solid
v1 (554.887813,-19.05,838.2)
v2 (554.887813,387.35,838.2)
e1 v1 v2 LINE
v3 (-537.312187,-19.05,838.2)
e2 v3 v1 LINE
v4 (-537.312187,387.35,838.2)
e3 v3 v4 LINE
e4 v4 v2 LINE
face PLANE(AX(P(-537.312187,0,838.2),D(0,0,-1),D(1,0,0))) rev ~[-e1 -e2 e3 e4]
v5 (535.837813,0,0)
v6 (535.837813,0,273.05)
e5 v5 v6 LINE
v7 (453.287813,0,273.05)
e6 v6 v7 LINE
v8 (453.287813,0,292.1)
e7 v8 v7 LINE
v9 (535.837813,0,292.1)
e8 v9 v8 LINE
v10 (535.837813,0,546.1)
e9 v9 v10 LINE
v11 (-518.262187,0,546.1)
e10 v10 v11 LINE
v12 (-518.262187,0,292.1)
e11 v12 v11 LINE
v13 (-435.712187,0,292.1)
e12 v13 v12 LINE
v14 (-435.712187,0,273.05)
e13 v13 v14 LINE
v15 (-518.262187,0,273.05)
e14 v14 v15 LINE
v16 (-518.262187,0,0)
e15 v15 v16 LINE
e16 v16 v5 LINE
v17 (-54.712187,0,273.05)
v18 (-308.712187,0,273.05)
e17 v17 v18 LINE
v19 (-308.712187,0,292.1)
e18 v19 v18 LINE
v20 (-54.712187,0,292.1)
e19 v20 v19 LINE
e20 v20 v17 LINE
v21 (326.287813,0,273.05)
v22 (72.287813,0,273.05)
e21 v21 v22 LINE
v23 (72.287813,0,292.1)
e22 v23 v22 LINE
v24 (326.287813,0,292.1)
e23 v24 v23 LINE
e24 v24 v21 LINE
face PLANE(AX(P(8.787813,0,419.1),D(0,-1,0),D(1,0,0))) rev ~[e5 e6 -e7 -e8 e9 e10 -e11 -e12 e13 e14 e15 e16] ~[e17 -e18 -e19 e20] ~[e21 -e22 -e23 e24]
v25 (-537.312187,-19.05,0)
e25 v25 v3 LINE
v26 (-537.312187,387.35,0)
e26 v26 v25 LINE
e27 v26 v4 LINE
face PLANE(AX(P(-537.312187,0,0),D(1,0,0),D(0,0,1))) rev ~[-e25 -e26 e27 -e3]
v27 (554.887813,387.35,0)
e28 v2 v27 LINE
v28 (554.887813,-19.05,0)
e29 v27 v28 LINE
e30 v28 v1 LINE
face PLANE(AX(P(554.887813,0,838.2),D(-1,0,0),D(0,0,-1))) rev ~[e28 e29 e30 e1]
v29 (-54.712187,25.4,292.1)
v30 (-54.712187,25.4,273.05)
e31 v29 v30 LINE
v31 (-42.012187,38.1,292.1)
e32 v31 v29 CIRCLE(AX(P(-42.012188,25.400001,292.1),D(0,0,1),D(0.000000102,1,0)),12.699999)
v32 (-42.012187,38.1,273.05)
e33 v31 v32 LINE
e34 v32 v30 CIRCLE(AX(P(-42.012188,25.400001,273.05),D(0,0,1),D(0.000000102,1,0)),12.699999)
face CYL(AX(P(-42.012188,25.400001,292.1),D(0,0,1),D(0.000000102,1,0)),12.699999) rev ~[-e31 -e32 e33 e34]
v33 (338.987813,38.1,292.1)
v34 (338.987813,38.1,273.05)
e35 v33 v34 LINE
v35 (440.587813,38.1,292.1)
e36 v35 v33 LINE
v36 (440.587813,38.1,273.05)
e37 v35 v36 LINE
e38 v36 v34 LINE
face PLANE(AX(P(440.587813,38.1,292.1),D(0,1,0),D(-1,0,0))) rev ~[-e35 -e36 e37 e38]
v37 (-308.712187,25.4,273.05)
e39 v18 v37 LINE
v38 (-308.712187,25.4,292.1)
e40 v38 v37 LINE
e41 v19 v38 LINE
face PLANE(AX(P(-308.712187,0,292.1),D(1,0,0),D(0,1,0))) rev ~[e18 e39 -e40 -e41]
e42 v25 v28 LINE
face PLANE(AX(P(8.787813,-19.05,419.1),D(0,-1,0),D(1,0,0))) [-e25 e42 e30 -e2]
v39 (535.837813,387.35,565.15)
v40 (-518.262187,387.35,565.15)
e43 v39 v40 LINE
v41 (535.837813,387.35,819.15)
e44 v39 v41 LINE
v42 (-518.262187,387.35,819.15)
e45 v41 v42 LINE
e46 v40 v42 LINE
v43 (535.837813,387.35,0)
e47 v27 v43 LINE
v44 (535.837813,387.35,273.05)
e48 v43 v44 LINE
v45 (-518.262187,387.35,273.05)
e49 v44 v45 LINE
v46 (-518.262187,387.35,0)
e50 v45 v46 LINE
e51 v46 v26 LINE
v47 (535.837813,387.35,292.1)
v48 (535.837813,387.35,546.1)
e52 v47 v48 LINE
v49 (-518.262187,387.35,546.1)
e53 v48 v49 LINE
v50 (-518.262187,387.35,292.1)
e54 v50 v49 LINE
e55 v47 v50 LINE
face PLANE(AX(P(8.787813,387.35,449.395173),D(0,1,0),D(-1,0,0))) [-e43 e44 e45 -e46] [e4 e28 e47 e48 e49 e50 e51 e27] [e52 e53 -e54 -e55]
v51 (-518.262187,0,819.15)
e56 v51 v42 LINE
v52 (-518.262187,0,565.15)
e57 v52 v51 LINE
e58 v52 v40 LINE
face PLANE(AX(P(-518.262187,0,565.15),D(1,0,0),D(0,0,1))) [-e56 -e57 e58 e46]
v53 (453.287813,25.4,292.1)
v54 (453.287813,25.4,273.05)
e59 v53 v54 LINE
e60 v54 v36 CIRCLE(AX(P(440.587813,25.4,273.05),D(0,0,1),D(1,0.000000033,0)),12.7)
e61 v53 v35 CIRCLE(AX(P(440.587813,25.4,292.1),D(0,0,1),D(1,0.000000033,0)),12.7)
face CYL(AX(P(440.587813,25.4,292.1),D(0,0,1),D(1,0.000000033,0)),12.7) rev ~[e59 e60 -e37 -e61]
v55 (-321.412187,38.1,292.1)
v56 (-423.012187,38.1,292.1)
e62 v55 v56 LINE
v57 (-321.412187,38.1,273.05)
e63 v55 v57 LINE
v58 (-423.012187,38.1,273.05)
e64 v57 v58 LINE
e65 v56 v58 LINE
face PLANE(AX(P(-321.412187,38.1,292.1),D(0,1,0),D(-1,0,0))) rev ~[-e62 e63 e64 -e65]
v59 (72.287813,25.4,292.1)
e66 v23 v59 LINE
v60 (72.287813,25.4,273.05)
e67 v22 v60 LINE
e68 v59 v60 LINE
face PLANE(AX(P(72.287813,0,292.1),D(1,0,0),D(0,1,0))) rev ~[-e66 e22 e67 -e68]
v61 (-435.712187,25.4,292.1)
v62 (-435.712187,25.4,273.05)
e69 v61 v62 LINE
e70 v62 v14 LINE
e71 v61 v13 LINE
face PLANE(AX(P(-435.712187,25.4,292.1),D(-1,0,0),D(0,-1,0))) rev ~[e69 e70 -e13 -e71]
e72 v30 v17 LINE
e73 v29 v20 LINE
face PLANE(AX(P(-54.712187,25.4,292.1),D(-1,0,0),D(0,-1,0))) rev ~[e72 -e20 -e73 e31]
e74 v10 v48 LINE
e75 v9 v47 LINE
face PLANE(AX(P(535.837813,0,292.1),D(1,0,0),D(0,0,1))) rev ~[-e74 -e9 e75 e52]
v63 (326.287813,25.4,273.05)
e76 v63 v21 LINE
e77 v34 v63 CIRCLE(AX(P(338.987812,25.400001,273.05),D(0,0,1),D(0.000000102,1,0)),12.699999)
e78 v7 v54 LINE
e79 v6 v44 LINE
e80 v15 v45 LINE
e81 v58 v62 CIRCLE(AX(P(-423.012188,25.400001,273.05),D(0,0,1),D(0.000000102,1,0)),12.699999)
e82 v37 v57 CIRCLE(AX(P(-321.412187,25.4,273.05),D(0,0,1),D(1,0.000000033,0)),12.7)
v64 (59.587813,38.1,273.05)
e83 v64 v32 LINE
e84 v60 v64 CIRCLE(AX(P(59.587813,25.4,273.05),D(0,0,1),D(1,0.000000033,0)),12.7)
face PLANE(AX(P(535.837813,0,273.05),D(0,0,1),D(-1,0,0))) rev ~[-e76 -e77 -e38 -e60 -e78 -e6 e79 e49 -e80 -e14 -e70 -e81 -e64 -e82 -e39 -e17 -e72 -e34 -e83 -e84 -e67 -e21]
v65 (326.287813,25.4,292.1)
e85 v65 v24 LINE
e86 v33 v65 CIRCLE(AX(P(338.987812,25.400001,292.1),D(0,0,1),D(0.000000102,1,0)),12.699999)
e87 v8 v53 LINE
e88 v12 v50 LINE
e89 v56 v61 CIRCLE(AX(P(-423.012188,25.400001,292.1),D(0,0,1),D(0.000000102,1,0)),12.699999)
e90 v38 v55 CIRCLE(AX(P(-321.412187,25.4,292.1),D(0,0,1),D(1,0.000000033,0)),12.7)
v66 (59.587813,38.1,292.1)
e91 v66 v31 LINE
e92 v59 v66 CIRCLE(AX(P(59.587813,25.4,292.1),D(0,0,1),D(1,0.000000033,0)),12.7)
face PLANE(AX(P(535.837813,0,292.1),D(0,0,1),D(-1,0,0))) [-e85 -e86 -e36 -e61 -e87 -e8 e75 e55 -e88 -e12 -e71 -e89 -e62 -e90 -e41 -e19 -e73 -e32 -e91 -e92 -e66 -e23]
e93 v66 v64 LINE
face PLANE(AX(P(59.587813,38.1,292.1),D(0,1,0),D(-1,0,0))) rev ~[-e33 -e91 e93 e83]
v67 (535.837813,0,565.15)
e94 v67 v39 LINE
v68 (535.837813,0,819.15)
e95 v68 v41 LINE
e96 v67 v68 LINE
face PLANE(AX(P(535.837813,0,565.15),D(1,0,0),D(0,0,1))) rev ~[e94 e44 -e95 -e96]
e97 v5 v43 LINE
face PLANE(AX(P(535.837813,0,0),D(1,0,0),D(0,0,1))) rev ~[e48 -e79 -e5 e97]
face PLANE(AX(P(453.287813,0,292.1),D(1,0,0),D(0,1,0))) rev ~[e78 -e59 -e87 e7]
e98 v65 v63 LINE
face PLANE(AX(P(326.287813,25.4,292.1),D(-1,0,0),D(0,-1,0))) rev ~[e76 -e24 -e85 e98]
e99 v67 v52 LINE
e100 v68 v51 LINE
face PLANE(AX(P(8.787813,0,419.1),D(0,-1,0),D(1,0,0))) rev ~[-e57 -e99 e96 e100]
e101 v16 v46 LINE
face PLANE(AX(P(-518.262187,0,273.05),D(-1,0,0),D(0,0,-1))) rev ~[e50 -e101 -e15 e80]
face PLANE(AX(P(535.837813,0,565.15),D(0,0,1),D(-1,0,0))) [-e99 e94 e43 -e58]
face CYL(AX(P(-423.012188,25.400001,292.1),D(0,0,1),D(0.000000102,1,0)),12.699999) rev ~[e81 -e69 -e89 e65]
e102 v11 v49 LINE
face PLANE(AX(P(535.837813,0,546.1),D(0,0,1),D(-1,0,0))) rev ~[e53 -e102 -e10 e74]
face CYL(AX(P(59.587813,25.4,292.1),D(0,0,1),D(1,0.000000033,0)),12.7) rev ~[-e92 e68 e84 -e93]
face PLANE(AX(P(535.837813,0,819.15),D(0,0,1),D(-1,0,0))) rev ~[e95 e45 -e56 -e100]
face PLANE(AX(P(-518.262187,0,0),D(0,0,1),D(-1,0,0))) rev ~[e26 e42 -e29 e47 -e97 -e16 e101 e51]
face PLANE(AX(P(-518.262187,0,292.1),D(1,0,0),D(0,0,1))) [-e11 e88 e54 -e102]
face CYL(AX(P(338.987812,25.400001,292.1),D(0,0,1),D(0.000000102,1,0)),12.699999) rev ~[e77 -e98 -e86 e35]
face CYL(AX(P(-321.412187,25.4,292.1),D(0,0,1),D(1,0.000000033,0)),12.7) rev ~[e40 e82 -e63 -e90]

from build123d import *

# Parameters (mm, degrees)
F0_W     = 1092.2
F0_H     = 838.2
F1_DEPTH = 19.05
F2_W     = 1054.1
F2_H     = 254
F3_DEPTH = 387.35
F5_DEPTH = 19.05


with BuildPart() as f1:
    # F0 (on Front) → F1 (new body)
    with BuildSketch(Plane.XZ):
        with Locations((8.787813, 419.1)):
            Rectangle(F0_W, F0_H)
    extrude(amount=F1_DEPTH)

    # F2 (on face) → F3 (join)
    with BuildSketch(Plane(origin=(0, 0, 0), x_dir=(-1, 0, 0), z_dir=(0, 1, 0))):
        Polygon((537.312187, 0), (537.312187, 838.2), (518.262187, 838.2), (-535.837813, 838.2), (-554.887813, 838.2), (-554.887813, 0), (-535.837813, 0), (-535.837813, 273.05), (518.262187, 273.05), (518.262187, 0), align=None)
        with Locations((-8.787813, 419.1)):
            Rectangle(F2_W, F2_H, mode=Mode.SUBTRACT)
        with Locations((-8.787813, 692.15)):
            Rectangle(F2_W, F2_H, mode=Mode.SUBTRACT)
    extrude(amount=F3_DEPTH)

    # F4 (on face) → F5 (cut)
    with BuildSketch(Plane.XY.offset(292.1)):
        with BuildLine():
            Line((-435.712187, 25.4), (-435.712187, 0))
            Line((-435.712187, 0), (-308.712187, 0))
            Line((-308.712187, 0), (-308.712187, 25.4))
            ThreePointArc((-308.712187, 25.4), (-312.431931, 34.380256), (-321.412187, 38.1))
            Line((-321.412187, 38.1), (-423.012187, 38.1))
            ThreePointArc((-423.012187, 38.1), (-431.992444, 34.380256), (-435.712187, 25.4))
        make_face()
        with BuildLine():
            Line((-54.712187, 25.4), (-54.712187, 0))
            Line((-54.712187, 0), (72.287813, 0))
            Line((72.287813, 0), (72.287813, 25.4))
            ThreePointArc((72.287813, 25.4), (68.568069, 34.380256), (59.587813, 38.1))
            Line((59.587813, 38.1), (-42.012187, 38.1))
            ThreePointArc((-42.012187, 38.1), (-50.992444, 34.380256), (-54.712187, 25.4))
        make_face()
        with BuildLine():
            Line((326.287813, 25.4), (326.287813, 0))
            Line((326.287813, 0), (453.287813, 0))
            Line((453.287813, 0), (453.287813, 25.4))
            ThreePointArc((453.287813, 25.4), (449.568069, 34.380256), (440.587813, 38.1))
            Line((440.587813, 38.1), (338.987813, 38.1))
            ThreePointArc((338.987813, 38.1), (330.007556, 34.380256), (326.287813, 25.4))
        make_face()
    extrude(amount=-F5_DEPTH, mode=Mode.SUBTRACT)


solid = f1.part
